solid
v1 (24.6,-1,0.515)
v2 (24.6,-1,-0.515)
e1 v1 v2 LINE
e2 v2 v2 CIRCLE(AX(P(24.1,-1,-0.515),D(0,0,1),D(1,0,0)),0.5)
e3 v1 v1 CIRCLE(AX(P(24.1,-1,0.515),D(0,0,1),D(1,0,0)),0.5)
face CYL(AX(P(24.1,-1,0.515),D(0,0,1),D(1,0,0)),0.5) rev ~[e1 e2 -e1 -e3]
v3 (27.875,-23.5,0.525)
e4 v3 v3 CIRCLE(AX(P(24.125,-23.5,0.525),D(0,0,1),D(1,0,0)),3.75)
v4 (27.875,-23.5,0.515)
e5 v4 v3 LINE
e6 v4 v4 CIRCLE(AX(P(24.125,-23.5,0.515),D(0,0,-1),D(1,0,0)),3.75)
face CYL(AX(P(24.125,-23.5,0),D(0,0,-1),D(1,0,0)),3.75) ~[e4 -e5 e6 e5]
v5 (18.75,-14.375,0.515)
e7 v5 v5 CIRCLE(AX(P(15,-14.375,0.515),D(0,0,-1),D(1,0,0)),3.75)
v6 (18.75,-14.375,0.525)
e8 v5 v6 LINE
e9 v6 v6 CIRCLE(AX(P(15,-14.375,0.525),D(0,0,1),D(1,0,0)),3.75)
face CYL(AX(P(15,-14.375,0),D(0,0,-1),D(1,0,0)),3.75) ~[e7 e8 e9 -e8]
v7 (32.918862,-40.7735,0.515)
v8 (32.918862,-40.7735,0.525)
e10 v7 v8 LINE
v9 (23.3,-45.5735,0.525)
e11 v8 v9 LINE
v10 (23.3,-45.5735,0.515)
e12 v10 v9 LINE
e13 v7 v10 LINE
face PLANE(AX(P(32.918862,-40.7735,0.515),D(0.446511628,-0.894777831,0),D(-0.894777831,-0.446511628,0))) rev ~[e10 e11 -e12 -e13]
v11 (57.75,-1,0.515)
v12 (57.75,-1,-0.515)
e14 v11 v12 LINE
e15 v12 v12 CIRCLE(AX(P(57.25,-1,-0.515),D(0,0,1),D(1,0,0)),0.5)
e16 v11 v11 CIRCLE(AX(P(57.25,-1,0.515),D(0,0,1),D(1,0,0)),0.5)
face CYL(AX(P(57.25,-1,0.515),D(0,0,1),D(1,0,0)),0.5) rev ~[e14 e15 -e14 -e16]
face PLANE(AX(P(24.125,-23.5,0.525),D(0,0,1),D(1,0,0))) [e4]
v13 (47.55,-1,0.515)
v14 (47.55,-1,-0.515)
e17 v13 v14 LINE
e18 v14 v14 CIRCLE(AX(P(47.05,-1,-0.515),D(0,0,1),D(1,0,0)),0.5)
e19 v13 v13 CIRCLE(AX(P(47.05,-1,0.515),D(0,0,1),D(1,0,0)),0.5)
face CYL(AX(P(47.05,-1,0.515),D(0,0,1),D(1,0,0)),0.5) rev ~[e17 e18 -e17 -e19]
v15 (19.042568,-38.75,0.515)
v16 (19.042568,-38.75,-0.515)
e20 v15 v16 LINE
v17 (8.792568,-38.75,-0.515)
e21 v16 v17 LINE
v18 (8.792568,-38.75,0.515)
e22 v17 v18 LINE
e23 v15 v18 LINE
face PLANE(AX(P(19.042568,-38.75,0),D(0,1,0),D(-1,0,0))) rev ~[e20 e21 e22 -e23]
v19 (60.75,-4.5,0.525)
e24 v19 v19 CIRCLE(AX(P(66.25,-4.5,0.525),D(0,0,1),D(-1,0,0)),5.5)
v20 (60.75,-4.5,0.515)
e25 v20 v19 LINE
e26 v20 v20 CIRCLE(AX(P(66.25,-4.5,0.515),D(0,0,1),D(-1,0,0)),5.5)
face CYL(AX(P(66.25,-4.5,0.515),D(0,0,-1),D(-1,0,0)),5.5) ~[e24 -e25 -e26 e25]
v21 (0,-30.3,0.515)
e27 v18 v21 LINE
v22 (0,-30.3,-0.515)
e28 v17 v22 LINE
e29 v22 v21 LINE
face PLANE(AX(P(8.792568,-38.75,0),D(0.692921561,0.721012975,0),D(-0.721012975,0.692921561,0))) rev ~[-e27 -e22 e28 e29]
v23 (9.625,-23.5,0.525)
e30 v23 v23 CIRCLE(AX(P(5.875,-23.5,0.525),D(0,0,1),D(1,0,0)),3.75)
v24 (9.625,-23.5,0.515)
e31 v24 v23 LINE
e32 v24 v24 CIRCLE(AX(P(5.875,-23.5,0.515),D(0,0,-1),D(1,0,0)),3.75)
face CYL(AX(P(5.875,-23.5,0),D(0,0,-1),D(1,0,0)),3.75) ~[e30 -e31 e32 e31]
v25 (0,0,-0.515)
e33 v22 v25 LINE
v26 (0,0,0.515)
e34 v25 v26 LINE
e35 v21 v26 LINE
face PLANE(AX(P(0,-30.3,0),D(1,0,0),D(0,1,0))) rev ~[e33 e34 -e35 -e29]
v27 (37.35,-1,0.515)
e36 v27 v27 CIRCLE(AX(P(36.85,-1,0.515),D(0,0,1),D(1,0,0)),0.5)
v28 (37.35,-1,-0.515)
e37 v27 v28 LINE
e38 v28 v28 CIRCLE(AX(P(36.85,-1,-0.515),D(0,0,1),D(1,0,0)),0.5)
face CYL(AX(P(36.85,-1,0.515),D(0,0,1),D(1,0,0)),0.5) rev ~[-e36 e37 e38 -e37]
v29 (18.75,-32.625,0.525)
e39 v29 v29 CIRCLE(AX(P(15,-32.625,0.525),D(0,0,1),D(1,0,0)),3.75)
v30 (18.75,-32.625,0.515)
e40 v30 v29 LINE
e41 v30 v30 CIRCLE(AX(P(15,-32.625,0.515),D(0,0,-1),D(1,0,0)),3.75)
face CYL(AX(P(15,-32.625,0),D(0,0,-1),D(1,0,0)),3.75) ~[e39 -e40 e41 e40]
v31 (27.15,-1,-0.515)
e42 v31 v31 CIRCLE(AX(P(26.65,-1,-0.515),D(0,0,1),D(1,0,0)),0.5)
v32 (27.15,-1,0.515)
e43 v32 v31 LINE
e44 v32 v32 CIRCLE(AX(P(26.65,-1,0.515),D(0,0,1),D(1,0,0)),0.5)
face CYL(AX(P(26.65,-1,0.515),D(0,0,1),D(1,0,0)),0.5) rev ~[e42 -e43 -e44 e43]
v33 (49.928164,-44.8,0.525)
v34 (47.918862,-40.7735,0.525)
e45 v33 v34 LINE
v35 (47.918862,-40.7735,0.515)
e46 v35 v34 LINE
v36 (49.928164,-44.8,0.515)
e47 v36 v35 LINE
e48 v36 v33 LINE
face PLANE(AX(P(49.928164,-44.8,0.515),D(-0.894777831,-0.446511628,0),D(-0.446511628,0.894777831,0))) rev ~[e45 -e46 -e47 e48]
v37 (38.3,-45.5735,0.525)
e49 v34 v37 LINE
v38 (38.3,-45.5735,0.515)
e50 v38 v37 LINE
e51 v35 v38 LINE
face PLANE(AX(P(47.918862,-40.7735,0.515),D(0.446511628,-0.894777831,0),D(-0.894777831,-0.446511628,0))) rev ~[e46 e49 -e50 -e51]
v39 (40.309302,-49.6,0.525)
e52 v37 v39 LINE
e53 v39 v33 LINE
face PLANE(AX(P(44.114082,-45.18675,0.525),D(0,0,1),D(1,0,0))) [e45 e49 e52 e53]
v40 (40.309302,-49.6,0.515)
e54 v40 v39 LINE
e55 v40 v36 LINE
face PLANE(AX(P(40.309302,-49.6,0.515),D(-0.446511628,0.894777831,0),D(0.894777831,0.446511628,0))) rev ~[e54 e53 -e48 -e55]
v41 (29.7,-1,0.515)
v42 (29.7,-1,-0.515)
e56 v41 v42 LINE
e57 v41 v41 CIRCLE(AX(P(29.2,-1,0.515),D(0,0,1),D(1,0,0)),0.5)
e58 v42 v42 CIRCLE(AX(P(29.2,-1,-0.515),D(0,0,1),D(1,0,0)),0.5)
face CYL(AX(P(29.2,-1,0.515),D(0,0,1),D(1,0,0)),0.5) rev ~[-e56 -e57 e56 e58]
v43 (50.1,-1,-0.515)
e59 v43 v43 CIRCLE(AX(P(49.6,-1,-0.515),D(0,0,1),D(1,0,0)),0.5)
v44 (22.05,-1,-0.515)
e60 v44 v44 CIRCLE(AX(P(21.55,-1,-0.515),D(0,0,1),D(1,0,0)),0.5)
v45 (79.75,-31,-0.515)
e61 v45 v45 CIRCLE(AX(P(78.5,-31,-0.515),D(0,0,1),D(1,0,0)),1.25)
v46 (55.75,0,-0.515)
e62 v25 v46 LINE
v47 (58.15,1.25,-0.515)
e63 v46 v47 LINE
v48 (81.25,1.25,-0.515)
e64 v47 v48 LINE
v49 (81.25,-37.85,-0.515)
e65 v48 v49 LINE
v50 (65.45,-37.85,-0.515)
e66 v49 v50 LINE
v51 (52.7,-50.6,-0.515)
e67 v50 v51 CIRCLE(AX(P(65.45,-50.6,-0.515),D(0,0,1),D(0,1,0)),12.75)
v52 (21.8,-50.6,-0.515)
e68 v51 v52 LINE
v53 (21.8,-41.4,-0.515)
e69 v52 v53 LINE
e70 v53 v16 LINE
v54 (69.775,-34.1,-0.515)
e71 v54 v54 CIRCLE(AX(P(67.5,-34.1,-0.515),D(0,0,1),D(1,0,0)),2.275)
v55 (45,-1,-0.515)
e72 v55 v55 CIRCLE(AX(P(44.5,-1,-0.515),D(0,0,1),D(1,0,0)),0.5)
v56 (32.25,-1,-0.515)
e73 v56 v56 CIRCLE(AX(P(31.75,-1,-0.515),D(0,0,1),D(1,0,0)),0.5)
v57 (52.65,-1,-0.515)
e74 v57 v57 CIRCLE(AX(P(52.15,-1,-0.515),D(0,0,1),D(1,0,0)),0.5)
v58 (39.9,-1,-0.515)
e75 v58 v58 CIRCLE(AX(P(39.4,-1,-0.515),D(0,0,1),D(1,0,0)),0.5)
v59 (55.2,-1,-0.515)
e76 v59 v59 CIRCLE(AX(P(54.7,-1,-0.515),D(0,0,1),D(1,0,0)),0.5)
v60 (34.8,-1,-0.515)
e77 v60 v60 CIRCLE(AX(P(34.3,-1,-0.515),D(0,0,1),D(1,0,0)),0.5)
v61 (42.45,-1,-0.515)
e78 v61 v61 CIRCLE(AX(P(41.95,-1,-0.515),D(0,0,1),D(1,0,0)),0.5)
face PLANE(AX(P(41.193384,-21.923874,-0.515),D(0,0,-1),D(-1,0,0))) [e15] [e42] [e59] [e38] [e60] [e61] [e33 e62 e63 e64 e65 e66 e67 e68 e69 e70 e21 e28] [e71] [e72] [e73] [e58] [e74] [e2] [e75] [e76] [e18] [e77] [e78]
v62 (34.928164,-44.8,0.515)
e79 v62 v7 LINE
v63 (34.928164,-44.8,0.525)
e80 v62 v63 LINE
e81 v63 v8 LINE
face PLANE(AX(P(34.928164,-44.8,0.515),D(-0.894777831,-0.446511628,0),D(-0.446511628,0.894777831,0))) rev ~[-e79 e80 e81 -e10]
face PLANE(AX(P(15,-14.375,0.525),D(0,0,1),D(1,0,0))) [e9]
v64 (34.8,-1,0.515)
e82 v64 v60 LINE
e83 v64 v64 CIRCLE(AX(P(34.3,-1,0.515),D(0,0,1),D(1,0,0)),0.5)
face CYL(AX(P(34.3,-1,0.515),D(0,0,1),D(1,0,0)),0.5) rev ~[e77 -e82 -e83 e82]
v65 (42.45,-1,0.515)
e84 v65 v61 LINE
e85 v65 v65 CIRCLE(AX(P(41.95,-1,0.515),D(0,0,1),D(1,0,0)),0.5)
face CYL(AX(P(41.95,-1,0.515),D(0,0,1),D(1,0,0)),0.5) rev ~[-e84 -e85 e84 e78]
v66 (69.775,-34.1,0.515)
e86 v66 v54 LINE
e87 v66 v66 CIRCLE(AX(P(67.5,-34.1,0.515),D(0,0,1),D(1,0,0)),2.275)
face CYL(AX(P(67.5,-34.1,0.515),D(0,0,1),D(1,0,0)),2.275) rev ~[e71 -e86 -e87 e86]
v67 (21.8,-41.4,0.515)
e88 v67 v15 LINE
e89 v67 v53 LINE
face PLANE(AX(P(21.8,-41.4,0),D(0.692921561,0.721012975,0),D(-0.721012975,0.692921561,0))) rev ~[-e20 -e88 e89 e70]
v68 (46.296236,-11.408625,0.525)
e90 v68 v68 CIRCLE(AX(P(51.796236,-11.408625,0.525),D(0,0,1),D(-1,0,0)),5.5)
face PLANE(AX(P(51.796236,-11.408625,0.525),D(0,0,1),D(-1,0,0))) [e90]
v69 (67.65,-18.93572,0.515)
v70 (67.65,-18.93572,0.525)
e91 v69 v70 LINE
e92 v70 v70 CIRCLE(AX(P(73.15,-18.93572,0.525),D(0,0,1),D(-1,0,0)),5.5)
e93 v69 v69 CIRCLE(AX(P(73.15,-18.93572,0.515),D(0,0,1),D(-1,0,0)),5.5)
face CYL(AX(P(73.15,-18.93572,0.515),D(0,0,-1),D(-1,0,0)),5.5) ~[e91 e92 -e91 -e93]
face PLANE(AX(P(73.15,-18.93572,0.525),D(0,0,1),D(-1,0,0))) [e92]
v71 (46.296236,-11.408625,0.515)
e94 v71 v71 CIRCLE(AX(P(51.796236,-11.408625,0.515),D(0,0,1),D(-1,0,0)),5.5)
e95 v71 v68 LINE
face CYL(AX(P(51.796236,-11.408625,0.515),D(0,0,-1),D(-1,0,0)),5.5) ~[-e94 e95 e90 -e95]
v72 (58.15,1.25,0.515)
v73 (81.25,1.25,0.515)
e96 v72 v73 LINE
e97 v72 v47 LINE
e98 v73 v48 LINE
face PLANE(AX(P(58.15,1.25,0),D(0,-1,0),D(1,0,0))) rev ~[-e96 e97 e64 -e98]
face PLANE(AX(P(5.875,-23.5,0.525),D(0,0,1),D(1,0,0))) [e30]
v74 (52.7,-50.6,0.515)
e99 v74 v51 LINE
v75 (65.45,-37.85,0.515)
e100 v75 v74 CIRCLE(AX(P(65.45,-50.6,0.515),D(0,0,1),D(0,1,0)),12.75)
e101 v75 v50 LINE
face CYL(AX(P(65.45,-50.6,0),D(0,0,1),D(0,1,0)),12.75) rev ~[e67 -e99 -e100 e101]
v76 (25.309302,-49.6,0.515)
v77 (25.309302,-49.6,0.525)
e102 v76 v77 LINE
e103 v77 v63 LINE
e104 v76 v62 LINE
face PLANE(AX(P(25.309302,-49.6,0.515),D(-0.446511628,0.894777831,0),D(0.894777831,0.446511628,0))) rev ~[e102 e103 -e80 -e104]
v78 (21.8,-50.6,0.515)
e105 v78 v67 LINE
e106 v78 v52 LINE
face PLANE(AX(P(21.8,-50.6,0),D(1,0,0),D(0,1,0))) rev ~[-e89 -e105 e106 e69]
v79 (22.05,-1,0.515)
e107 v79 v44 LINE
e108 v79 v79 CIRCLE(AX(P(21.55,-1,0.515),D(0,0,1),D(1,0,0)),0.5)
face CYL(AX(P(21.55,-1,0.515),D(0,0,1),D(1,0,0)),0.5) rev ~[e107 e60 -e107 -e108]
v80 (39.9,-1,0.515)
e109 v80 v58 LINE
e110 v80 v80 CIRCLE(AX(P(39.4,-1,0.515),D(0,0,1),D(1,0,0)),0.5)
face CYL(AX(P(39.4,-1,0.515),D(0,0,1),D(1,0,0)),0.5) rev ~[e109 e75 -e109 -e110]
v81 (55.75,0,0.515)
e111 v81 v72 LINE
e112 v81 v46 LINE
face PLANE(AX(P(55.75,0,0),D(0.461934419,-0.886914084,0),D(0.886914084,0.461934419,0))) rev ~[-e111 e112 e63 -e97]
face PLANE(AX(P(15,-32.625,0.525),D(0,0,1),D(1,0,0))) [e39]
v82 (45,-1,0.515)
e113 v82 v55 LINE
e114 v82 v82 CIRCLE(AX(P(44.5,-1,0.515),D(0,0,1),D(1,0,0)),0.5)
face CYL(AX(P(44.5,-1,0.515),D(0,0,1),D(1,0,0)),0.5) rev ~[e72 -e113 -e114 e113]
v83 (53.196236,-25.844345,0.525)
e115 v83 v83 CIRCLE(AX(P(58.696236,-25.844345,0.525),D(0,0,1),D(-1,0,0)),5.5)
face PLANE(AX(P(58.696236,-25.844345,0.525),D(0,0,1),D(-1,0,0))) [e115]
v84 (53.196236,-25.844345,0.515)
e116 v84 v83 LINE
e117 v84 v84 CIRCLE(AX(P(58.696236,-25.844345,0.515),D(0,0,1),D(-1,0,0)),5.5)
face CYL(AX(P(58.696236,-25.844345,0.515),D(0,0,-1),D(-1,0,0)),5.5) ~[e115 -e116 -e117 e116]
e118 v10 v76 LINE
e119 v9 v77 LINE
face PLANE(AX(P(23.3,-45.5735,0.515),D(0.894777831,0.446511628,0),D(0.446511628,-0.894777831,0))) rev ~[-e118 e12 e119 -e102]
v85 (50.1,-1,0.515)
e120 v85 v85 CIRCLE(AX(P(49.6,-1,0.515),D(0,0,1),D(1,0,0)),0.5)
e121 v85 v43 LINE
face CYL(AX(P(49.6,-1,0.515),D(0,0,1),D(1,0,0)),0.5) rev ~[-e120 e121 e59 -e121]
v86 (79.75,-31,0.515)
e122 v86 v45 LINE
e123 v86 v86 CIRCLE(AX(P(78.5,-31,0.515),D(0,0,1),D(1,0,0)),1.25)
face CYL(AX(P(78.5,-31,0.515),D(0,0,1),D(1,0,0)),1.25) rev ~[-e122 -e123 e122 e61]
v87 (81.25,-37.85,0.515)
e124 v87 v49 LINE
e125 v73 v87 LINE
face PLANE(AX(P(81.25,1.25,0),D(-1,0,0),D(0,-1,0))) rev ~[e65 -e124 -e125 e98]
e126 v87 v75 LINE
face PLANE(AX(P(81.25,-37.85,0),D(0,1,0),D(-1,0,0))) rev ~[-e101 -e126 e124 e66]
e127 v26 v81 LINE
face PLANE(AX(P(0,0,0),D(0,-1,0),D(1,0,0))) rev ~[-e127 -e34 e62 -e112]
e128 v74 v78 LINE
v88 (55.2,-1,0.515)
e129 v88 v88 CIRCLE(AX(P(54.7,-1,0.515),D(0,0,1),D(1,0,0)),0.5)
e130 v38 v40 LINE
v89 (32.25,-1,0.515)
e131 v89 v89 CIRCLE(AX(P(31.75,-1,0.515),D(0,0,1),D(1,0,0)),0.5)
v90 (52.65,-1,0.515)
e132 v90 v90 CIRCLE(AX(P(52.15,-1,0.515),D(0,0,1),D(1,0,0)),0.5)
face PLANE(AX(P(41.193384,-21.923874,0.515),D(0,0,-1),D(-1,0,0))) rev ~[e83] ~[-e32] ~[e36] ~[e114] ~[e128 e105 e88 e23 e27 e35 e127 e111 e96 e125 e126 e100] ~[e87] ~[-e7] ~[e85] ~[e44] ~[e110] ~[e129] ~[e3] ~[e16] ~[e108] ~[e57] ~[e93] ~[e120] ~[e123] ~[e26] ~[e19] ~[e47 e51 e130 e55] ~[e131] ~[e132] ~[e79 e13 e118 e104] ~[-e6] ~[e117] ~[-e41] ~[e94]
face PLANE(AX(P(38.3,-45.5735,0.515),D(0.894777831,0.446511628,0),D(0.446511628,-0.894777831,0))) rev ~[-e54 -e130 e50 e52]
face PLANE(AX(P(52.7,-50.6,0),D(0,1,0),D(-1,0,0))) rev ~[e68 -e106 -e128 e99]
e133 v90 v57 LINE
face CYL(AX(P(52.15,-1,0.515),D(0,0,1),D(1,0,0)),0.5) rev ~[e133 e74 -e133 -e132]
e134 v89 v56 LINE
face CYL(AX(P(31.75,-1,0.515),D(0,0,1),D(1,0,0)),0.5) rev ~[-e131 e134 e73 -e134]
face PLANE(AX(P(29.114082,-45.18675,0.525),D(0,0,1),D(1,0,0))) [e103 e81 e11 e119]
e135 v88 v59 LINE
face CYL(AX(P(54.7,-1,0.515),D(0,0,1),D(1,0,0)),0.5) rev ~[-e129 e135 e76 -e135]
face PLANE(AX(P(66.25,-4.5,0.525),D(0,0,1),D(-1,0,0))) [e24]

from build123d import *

# Parameters (mm, degrees)
BOSS_EXTRUDE1_DEPTH = 0.515
SKETCH2_R           = 5.5
BOSS_EXTRUDE2_DEPTH = 0.01
SKETCH3_R           = 3.75
BOSS_EXTRUDE5_DEPTH = 0.525
BOSS_EXTRUDE6_DEPTH = 0.01
SKETCH6_R           = 0.5
CUT_EXTRUDE1_DEPTH  = 96.72347361
LPATTERN1_COUNT     = 15
LPATTERN1_PITCH     = 2.55
SKETCH7_R           = 2.275
SKETCH7_R_2         = 1.25
CUT_EXTRUDE2_DEPTH  = 96.72347361


with BuildPart() as part:
    # Sketch1 → Boss-Extrude1 (new, symmetric)
    with BuildSketch(Plane.XY):
        with BuildLine():
            Line((0, 0), (55.75, 0))
            Line((55.75, 0), (58.15, 1.25))
            Line((58.15, 1.25), (81.25, 1.25))
            Line((81.25, 1.25), (81.25, -37.85))
            Line((81.25, -37.85), (65.45, -37.85))
            ThreePointArc((65.45, -37.85), (56.43438854, -41.58438854), (52.7, -50.6))
            Line((52.7, -50.6), (21.8, -50.6))
            Line((21.8, -50.6), (21.8, -41.4))
            Line((21.8, -41.4), (19.042567568, -38.75))
            Line((19.042567568, -38.75), (8.792567568, -38.75))
            Line((8.792567568, -38.75), (0, -30.3))
            Line((0, -30.3), (0, 0))
        make_face()
    extrude(amount=BOSS_EXTRUDE1_DEPTH, both=True)

    # Sketch2 → Boss-Extrude2 (add)
    with BuildSketch(Plane.XY.offset(0.515)):
        with Locations(Location((66.25, -4.5, 0), (0, 0, 180))):
            Circle(SKETCH2_R)
        with Locations(Location((73.15, -18.935719587, 0), (0, 0, 180))):
            Circle(SKETCH2_R)
        with Locations(Location((58.696235763, -25.844344587, 0), (0, 0, 180))):
            Circle(SKETCH2_R)
        with Locations(Location((51.796235763, -11.408625, 0), (0, 0, 180))):
            Circle(SKETCH2_R)
    extrude(amount=BOSS_EXTRUDE2_DEPTH)

    # Sketch3 → Boss-Extrude5 (add, through all)
    with BuildSketch(Plane.XY):
        with Locations((15, -14.375)):
            Circle(SKETCH3_R)
        with Locations((15, -32.625)):
            Circle(SKETCH3_R)
        with Locations((24.125, -23.5)):
            Circle(SKETCH3_R)
        with Locations((5.875, -23.5)):
            Circle(SKETCH3_R)
    extrude(amount=BOSS_EXTRUDE5_DEPTH)

    # Sketch5 → Boss-Extrude6 (add)
    with BuildSketch(Plane.XY.offset(0.515)):
        Polygon((32.918861679, -40.773499762), (23.3, -45.573499762), (25.309302326, -49.6), (34.928164005, -44.8), align=None)
        Polygon((38.3, -45.573499762), (40.309302326, -49.6), (49.928164005, -44.8), (47.918861679, -40.773499762), align=None)
    extrude(amount=BOSS_EXTRUDE6_DEPTH)

    # Sketch6 → Cut-Extrude1 (cut, through all)
    with BuildSketch(Plane.XY.offset(0.515)):
        with Locations((57.25, -1)):
            Circle(SKETCH6_R)
    cut_extrude1 = extrude(amount=-CUT_EXTRUDE1_DEPTH, mode=Mode.SUBTRACT)

    # LPattern1: Cut-Extrude1 ×15
    with Locations(*[(-i * LPATTERN1_PITCH, 0, 0) for i in range(1, LPATTERN1_COUNT)]):
        add(cut_extrude1, mode=Mode.SUBTRACT)

    # Sketch7 → Cut-Extrude2 (cut, through all)
    with BuildSketch(Plane.XY.offset(0.515)):
        with Locations((67.5, -34.1)):
            Circle(SKETCH7_R)
        with Locations((78.5, -31)):
            Circle(SKETCH7_R_2)
    extrude(amount=-CUT_EXTRUDE2_DEPTH, mode=Mode.SUBTRACT)


solid = part.part
